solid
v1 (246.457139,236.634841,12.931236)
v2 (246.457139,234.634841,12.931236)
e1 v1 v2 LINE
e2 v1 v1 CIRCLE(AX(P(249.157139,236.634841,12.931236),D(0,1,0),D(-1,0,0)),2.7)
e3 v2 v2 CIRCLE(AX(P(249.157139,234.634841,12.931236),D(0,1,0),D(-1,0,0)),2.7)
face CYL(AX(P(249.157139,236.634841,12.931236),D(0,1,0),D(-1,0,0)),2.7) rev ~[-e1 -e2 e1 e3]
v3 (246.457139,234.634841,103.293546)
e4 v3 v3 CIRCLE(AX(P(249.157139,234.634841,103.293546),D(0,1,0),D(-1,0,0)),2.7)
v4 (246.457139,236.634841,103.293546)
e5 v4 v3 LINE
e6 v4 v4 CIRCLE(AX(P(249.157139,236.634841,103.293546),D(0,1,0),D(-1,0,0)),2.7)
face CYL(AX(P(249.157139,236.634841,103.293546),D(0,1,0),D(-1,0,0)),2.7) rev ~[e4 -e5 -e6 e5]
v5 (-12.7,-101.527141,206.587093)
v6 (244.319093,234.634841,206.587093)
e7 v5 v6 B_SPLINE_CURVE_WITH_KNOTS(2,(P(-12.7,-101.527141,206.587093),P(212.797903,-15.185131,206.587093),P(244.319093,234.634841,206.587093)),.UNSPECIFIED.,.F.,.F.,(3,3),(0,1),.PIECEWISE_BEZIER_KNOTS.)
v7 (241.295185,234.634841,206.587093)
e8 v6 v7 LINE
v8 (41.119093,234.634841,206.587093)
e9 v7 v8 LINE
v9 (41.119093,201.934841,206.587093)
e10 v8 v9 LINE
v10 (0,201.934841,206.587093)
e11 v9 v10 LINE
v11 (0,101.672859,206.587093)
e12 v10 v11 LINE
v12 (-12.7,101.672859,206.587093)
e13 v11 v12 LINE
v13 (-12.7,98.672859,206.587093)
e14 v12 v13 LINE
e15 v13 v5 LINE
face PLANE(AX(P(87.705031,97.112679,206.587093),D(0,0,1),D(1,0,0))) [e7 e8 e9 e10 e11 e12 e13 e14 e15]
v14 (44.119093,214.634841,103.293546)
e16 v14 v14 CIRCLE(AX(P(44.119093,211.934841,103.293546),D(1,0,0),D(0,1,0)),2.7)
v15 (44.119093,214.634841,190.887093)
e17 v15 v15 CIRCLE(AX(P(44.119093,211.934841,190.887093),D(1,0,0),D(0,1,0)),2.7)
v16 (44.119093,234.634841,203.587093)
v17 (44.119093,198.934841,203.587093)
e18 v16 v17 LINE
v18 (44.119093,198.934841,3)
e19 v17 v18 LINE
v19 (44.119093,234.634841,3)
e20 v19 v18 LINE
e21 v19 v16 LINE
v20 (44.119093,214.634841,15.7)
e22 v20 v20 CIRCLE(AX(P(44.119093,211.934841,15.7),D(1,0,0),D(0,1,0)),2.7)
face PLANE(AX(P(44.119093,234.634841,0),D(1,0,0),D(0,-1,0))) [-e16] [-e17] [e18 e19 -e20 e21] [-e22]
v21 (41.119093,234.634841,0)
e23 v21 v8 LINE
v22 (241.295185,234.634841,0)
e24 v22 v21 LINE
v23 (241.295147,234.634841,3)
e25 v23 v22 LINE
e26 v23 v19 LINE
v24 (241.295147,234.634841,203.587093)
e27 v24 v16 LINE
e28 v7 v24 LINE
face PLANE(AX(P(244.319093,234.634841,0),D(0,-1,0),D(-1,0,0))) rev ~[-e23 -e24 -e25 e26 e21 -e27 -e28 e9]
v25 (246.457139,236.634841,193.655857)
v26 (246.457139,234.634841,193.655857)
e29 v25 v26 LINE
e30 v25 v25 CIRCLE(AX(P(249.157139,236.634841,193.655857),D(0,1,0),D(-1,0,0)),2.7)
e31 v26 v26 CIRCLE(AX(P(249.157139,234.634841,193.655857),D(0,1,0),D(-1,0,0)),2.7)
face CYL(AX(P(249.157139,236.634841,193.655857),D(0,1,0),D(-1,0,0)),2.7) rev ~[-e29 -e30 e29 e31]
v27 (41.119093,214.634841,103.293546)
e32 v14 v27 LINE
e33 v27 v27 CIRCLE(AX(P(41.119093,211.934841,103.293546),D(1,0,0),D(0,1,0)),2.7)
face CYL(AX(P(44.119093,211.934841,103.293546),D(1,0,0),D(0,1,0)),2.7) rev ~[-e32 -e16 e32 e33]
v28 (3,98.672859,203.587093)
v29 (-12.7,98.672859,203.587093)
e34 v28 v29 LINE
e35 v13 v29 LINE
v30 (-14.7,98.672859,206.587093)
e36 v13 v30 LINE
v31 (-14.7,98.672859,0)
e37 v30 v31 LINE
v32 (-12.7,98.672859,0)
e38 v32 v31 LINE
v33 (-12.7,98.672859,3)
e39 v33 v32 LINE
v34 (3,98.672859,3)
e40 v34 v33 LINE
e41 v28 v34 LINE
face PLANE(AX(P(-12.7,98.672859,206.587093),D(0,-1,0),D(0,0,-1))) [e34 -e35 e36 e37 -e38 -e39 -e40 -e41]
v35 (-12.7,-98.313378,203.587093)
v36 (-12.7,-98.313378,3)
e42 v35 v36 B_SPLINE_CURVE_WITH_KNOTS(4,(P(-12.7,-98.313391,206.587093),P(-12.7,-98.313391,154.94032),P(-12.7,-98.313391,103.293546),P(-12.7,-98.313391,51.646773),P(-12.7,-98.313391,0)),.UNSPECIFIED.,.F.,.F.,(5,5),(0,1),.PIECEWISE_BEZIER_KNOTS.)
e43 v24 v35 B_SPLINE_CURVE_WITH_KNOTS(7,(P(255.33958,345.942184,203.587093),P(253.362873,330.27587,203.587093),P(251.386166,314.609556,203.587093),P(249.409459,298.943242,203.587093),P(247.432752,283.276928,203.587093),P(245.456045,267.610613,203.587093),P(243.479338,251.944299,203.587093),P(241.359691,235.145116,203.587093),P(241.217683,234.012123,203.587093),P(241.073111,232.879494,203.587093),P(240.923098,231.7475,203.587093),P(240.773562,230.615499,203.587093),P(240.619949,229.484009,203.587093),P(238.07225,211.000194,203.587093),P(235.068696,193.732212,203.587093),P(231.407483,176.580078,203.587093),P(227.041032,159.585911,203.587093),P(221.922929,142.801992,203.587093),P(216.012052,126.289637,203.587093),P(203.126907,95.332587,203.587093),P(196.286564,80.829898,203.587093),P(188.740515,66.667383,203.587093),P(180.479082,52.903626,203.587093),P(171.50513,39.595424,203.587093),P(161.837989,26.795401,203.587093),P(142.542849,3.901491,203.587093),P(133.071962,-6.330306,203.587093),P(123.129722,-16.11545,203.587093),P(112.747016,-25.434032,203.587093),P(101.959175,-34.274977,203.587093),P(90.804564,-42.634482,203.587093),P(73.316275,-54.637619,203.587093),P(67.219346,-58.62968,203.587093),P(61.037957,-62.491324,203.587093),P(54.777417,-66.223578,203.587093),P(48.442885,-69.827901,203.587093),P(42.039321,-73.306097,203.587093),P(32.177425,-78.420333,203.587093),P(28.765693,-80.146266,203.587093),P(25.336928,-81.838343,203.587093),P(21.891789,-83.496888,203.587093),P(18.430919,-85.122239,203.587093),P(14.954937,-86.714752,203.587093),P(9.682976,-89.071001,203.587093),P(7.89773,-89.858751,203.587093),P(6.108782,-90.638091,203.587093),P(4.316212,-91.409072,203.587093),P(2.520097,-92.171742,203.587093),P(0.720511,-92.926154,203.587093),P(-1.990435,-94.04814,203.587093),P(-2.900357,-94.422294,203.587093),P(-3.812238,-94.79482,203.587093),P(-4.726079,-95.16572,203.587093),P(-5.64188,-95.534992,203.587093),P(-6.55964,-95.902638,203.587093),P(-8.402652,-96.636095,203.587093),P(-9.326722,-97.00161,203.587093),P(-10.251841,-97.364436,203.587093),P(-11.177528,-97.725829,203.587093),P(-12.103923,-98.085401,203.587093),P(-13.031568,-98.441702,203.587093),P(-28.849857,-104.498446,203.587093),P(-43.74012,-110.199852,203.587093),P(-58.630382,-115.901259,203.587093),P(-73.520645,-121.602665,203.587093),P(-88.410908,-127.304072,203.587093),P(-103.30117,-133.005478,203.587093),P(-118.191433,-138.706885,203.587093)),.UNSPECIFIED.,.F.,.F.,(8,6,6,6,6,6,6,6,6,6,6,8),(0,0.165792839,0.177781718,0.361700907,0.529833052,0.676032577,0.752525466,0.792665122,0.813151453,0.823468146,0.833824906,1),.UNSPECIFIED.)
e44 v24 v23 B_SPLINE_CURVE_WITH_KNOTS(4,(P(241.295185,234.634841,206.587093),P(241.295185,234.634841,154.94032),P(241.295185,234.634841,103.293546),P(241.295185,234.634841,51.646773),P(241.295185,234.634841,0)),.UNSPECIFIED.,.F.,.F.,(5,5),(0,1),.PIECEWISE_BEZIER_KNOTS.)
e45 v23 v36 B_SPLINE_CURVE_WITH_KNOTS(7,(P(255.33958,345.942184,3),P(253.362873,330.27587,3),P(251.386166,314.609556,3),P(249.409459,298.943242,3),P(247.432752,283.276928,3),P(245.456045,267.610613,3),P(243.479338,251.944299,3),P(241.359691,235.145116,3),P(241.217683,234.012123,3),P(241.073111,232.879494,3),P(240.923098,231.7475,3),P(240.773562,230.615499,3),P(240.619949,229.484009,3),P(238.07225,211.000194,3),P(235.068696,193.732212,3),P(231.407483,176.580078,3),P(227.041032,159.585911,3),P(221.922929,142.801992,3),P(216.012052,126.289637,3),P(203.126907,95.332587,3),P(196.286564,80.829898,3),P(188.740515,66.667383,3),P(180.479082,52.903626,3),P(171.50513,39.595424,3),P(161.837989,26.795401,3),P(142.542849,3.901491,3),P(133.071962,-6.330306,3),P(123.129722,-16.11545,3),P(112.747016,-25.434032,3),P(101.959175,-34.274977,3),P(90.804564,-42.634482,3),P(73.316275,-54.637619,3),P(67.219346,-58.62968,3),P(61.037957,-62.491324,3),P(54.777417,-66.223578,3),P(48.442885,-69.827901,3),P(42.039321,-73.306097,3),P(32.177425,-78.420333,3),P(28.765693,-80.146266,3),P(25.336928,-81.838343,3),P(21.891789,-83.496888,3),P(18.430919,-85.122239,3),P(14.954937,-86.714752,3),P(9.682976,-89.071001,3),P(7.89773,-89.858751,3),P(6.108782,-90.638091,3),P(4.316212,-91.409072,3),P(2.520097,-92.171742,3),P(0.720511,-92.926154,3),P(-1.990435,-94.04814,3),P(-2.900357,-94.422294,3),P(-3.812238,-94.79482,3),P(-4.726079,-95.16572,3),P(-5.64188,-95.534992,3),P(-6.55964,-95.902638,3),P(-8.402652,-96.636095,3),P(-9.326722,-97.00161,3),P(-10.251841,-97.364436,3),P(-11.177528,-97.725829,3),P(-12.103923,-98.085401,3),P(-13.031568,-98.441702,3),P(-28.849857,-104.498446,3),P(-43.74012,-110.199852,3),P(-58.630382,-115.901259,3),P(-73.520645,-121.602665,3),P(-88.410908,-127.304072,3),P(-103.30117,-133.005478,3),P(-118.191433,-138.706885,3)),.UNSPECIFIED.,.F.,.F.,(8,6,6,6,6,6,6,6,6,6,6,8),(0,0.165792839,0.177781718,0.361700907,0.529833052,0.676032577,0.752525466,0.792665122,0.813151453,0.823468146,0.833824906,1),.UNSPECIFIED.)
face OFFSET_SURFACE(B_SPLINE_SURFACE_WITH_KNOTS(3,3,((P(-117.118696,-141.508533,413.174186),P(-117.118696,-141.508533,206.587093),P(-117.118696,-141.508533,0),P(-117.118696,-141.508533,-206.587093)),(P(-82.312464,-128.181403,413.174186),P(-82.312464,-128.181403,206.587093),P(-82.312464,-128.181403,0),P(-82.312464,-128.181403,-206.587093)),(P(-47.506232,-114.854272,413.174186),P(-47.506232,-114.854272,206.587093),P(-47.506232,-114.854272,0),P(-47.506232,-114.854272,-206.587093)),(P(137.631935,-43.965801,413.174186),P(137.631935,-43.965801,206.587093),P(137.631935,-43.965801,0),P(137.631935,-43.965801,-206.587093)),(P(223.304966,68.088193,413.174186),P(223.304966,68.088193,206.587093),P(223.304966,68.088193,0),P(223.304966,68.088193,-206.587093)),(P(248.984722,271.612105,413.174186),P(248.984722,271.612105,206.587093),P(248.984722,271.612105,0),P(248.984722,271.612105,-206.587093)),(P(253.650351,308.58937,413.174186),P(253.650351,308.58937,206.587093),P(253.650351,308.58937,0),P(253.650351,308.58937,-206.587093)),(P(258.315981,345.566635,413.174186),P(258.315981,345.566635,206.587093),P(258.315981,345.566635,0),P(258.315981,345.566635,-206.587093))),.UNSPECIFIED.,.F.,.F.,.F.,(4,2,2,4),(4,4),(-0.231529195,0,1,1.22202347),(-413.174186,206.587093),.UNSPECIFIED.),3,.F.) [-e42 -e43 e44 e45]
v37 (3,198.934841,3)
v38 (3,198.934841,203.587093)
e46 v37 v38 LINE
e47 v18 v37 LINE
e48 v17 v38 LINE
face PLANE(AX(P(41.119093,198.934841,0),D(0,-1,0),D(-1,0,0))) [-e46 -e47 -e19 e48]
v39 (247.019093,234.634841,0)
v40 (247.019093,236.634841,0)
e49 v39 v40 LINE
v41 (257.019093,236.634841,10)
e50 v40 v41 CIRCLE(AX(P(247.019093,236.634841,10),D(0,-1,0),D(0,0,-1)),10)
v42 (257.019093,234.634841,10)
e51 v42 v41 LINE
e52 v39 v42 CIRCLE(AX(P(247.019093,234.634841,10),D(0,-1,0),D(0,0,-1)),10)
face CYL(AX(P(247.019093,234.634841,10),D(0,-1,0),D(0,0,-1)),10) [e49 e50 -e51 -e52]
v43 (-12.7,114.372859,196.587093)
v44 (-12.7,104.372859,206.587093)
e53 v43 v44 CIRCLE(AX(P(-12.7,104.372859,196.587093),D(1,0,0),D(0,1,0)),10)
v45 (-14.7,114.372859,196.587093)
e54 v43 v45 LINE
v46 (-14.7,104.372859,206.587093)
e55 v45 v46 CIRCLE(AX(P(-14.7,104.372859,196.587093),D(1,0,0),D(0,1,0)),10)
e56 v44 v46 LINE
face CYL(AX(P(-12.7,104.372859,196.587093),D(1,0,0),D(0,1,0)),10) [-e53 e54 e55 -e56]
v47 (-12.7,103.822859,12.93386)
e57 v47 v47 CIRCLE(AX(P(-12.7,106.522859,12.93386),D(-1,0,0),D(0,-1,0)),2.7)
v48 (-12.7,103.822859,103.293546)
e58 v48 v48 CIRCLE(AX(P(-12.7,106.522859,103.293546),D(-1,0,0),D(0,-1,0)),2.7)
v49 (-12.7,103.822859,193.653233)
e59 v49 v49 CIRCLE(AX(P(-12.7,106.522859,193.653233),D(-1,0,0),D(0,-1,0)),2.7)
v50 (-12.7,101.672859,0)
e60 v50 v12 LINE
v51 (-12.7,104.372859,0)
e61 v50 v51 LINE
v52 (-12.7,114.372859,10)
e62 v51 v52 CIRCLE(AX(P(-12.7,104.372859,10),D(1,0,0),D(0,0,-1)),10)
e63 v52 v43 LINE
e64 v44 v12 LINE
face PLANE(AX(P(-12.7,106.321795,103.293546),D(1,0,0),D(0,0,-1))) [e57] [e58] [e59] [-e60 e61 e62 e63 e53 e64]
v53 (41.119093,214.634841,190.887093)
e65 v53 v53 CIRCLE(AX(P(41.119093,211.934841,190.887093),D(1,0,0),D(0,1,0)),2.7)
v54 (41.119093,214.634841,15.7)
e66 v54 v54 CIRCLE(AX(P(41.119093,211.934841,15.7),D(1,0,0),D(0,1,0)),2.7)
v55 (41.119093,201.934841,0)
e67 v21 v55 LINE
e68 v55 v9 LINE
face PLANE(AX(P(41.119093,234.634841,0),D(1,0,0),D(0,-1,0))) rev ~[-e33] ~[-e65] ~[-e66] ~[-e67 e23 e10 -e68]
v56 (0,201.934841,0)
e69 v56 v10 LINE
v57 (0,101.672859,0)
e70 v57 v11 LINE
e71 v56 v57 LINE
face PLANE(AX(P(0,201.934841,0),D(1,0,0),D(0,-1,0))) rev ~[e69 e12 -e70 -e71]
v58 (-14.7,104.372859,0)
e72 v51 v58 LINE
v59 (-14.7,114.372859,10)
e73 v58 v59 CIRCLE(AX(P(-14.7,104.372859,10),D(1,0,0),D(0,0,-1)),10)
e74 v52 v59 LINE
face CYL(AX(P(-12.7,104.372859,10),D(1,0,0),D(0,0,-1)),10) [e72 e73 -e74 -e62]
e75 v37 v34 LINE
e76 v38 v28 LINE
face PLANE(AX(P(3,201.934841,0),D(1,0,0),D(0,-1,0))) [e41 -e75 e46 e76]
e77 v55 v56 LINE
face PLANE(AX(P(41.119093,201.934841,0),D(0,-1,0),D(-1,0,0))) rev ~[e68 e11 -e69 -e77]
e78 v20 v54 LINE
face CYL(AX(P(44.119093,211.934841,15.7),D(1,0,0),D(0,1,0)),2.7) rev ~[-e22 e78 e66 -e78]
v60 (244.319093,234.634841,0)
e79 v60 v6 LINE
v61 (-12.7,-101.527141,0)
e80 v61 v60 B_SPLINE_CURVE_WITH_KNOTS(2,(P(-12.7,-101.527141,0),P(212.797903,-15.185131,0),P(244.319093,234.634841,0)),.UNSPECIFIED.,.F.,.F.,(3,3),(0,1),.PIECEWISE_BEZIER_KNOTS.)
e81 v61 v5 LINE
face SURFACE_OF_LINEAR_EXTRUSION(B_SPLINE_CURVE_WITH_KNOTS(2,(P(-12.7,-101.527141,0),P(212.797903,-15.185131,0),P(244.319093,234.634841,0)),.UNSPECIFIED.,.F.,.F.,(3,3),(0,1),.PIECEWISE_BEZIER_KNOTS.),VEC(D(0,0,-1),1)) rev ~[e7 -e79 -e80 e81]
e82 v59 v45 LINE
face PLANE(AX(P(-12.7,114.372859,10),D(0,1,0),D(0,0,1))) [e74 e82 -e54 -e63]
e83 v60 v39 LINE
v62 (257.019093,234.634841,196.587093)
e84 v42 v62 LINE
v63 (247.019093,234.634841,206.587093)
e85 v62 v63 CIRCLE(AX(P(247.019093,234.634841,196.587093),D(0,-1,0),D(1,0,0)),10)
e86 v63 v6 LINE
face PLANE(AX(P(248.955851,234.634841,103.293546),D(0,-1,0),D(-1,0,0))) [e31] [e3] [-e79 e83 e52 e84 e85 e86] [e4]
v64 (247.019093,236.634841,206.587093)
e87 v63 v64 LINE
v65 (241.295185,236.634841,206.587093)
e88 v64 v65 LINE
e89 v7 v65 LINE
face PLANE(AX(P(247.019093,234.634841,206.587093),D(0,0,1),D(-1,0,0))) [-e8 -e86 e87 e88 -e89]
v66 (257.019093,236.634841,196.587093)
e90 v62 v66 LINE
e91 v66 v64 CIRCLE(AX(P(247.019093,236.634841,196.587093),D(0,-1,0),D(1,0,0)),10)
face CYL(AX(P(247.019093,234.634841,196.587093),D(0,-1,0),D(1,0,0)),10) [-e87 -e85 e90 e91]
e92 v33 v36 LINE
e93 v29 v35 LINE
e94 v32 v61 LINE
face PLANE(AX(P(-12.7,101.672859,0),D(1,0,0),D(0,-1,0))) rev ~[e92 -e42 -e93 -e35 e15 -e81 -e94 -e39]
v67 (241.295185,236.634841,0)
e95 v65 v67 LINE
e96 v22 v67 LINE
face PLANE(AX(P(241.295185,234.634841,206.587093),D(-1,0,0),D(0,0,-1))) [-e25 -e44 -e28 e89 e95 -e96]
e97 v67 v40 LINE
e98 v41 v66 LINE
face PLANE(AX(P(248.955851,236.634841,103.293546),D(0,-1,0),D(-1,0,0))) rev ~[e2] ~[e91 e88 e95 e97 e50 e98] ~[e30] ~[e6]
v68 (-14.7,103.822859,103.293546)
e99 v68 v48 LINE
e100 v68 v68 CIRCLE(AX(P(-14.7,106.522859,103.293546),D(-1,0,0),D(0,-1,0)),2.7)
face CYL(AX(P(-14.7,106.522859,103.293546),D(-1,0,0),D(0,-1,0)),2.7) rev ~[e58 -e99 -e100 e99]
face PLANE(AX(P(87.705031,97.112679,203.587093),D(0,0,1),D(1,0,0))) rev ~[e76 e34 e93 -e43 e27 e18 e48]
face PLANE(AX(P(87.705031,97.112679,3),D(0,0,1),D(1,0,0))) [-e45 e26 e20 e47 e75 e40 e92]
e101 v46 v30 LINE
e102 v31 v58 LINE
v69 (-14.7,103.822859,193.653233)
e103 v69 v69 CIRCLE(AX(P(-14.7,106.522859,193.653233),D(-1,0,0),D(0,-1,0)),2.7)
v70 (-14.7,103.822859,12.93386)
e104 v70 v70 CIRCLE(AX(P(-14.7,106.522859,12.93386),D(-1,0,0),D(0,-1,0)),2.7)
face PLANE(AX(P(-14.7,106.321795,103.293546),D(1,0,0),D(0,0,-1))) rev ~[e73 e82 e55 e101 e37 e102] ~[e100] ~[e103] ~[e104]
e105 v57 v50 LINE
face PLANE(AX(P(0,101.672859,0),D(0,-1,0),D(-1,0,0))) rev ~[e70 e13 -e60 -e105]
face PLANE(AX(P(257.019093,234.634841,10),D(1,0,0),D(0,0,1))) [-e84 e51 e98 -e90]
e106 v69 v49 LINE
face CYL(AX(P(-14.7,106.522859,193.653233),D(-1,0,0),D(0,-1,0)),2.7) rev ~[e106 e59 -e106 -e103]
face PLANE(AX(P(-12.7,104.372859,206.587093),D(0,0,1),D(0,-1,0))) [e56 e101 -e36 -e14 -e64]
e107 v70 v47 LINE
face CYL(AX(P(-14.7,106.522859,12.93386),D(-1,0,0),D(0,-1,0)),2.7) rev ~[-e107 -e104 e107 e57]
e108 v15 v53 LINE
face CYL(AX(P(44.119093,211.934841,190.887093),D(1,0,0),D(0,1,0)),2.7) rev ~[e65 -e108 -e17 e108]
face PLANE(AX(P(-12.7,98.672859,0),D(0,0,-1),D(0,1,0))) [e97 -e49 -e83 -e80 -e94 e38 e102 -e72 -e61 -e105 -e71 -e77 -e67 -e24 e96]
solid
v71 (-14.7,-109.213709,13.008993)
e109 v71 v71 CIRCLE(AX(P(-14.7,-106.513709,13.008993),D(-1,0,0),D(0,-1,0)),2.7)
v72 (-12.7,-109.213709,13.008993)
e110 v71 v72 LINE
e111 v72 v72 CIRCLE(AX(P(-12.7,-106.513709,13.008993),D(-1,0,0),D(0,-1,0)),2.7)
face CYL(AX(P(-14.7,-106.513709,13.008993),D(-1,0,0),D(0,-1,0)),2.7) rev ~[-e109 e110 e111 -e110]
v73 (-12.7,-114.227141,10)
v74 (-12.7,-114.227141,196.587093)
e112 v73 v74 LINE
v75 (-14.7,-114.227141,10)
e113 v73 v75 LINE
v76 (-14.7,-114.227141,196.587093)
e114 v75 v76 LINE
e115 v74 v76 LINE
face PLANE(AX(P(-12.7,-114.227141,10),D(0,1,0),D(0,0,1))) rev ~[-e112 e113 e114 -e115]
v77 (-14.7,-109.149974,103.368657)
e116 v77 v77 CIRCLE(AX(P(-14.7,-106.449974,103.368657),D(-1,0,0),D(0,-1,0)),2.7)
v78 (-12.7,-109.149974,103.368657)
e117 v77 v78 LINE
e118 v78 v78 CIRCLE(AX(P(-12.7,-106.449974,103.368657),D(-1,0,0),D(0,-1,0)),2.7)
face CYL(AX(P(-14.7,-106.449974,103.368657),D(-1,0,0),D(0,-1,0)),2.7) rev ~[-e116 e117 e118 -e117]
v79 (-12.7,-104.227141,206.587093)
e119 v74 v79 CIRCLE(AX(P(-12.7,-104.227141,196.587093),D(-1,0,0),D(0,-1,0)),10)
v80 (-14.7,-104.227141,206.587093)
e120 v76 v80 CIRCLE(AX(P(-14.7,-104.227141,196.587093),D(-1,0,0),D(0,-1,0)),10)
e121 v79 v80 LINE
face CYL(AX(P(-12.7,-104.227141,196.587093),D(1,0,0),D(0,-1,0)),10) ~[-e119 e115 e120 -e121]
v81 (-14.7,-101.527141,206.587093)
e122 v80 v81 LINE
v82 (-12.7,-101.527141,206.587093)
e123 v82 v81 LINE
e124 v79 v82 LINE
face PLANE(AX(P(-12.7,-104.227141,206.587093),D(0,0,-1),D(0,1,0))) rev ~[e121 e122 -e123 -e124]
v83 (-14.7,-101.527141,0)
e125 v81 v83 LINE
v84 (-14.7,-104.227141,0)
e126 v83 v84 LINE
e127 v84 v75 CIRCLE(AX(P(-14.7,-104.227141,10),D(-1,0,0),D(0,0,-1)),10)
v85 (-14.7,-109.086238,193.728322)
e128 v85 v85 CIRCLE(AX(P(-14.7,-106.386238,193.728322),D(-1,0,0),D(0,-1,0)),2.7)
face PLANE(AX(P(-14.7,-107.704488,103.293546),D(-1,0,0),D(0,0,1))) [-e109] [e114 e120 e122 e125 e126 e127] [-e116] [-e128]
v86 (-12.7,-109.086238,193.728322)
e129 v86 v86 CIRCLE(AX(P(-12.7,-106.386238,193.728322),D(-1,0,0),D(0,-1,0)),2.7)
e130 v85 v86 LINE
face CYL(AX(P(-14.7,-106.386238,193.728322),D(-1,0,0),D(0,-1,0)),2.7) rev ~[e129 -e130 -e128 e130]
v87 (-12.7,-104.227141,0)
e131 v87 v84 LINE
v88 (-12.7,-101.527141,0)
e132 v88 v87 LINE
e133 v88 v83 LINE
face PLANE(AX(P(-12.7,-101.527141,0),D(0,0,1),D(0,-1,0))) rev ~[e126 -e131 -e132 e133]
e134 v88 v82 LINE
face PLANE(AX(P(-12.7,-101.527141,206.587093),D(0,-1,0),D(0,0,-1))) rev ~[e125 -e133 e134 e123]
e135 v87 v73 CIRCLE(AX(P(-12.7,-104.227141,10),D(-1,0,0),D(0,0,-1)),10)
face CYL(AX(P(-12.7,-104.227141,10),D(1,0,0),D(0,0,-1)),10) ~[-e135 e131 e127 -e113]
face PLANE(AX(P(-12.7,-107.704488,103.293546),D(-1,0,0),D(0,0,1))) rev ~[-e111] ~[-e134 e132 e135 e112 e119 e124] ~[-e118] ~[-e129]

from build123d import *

# Parameters (mm, degrees)
BOSS_EXTRUDE3_DEPTH = 206.587093
SHELL1_T            = -3
BOSS_EXTRUDE4_DEPTH = 2
BOSS_EXTRUDE5_DEPTH = 2
SKETCH8_R           = 2.7
CUT_EXTRUDE2_DEPTH  = 3
SKETCH9_R           = 2.7
CUT_EXTRUDE3_DEPTH  = 2
SKETCH11_R          = 2.7
CUT_EXTRUDE4_DEPTH  = 2


with BuildPart() as part:
    # Sketch1 → Boss-Extrude3 (new body)
    with BuildSketch(Plane.XY):
        with BuildLine():
            Line((244.319092767, 234.634840909), (41.119092767, 234.634840909))
            Line((41.119092767, 234.634840909), (41.119092767, 201.934840909))
            Line((41.119092767, 201.934840909), (0, 201.934840909))
            Line((0, 201.934840909), (0, 101.672858907))
            Line((0, 101.672858907), (-12.7, 101.672858907))
            Line((-12.7, 101.672858907), (-12.7, -101.527141093))
            add(Edge.make_bspline(
                [(-12.7, -101.527141093), (212.797902698, -15.185130796), (244.319092767, 234.634840909)],
                knots=[0, 0, 0, 1, 1, 1], degree=2))
        make_face()
    extrude(amount=BOSS_EXTRUDE3_DEPTH)

    # Shell1
    shell1_openings = [part.faces().sort_by_distance(p)[0] for p in [
        (142.719092767, 234.634840909, 103.2935465),
        (-12.7, 0.072858907, 103.2935465),
    ]]
    offset(amount=SHELL1_T, openings=shell1_openings, kind=Kind.INTERSECTION)

    # Sketch4 → Boss-Extrude4 (add)
    with BuildSketch(Plane(origin=(0, 234.634840909, 0), x_dir=(1, 0, 0), z_dir=(0, 1, 0))):
        with BuildLine():
            Line((257.019092767, -10), (257.019092767, -196.587092864))
            ThreePointArc((257.019092767, -196.587092864), (254.090160579, -203.658160676), (247.019092767, -206.587092864))
            Line((247.019092767, -206.587092864), (244.319092767, -206.587092864))
            Line((244.319092767, -206.587092864), (241.295184716, -206.587092864))
            Line((241.295184716, -206.587092864), (241.295184716, 0))
            Line((241.295184716, 0), (247.019092767, 0))
            ThreePointArc((247.019092767, 0), (254.090160579, -2.928932188), (257.019092767, -10))
        make_face()
    extrude(amount=BOSS_EXTRUDE4_DEPTH)

    # Sketch5 → Boss-Extrude5 (add)
    with BuildSketch(Plane.ZY.offset(12.7)):
        with BuildLine():
            Line((10, 114.372858907), (196.587092864, 114.372858907))
            ThreePointArc((196.587092864, 114.372858907), (203.658160676, 111.443926719), (206.587092864, 104.372858907))
            Line((206.587092864, 104.372858907), (206.587092864, 98.672858907))
            Line((206.587092864, 98.672858907), (0, 98.672858907))
            Line((0, 98.672858907), (0, 104.372858907))
            ThreePointArc((0, 104.372858907), (2.928932188, 111.443926719), (10, 114.372858907))
        make_face()
        with BuildLine():
            Line((0, -101.527141093), (0, -104.227141093))
            ThreePointArc((0, -104.227141093), (2.928932188, -111.298208905), (10, -114.227141093))
            Line((10, -114.227141093), (196.587092864, -114.227141093))
            ThreePointArc((196.587092864, -114.227141093), (203.658160676, -111.298208905), (206.587092864, -104.227141093))
            Line((206.587092864, -104.227141093), (206.587092864, -101.527141093))
            Line((206.587092864, -101.527141093), (0, -101.527141093))
        make_face()
    extrude(amount=BOSS_EXTRUDE5_DEPTH)


with BuildPart() as boss_extrude5_piece_1:
    # of the separate pieces the step leaves, piece 1, a body of its own (boss_extrude5_pieces)
    add(part.part.solids().sort_by_distance((41.119092767, 234.634840909, 0))[0])

    # Sketch8 → Cut-Extrude2 (cut)
    with BuildSketch(Plane(origin=(44.119092767, 0, 0), x_dir=(0, 0, -1), z_dir=(1, 0, 0))):
        with Locations(Location((-190.887092864, 211.934840909, 0), (0, 0, 90))):
            Circle(SKETCH8_R)
        with Locations(Location((-103.293546432, 211.934840909, 0), (0, 0, 90))):
            Circle(SKETCH8_R)
        with Locations(Location((-15.7, 211.934840909, 0), (0, 0, 90))):
            Circle(SKETCH8_R)
    extrude(amount=-CUT_EXTRUDE2_DEPTH, mode=Mode.SUBTRACT)

    # Sketch9 → Cut-Extrude3 (cut)
    with BuildSketch(Plane(origin=(0, 236.634840909, 0), x_dir=(1, 0, 0), z_dir=(0, 1, 0))):
        with Locations(Location((249.157138742, -12.931235523, 0), (0, 0, 180))):
            Circle(SKETCH9_R)
        with Locations(Location((249.157138742, -103.293546432, 0), (0, 0, 180))):
            Circle(SKETCH9_R)
        with Locations(Location((249.157138742, -193.655857341, 0), (0, 0, 180))):
            Circle(SKETCH9_R)
    extrude(amount=-CUT_EXTRUDE3_DEPTH, mode=Mode.SUBTRACT)


with BuildPart() as boss_extrude5_piece_2:
    # of the separate pieces the step leaves, piece 2, a body of its own (boss_extrude5_pieces)
    add(part.part.solids().sort_by_distance((-14.7, -101.527141093, 206.587092864))[0])


with BuildPart() as cut_extrude4_tool:
    # Sketch11 → Cut-Extrude4 (new body)
    with BuildSketch(Plane.ZY.offset(14.7)):
        with Locations(Location((12.933859514, 106.522858907, 0), (0, 0, 270))):
            Circle(SKETCH11_R)
        with Locations(Location((103.293546432, 106.522858907, 0), (0, 0, 270))):
            Circle(SKETCH11_R)
        with Locations(Location((193.653233351, 106.522858907, 0), (0, 0, 270))):
            Circle(SKETCH11_R)
        with Locations(Location((193.728321895, -106.386237609, 0), (0, 0, 270))):
            Circle(SKETCH11_R)
        with Locations(Location((103.368657455, -106.44997351, 0), (0, 0, 270))):
            Circle(SKETCH11_R)
        with Locations(Location((13.008993014, -106.51370941, 0), (0, 0, 270))):
            Circle(SKETCH11_R)
    extrude(amount=-CUT_EXTRUDE4_DEPTH)


with BuildPart() as boss_extrude5_piece_1_1:
    add(boss_extrude5_piece_1.part)

    # Cut-Extrude4: cut by cut_extrude4_tool
    add(cut_extrude4_tool.part, mode=Mode.SUBTRACT)


with BuildPart() as boss_extrude5_piece_2_1:
    add(boss_extrude5_piece_2.part)

    # Cut-Extrude4: cut by cut_extrude4_tool
    add(cut_extrude4_tool.part, mode=Mode.SUBTRACT)


solid = Compound([boss_extrude5_piece_1_1.part, boss_extrude5_piece_2_1.part])
